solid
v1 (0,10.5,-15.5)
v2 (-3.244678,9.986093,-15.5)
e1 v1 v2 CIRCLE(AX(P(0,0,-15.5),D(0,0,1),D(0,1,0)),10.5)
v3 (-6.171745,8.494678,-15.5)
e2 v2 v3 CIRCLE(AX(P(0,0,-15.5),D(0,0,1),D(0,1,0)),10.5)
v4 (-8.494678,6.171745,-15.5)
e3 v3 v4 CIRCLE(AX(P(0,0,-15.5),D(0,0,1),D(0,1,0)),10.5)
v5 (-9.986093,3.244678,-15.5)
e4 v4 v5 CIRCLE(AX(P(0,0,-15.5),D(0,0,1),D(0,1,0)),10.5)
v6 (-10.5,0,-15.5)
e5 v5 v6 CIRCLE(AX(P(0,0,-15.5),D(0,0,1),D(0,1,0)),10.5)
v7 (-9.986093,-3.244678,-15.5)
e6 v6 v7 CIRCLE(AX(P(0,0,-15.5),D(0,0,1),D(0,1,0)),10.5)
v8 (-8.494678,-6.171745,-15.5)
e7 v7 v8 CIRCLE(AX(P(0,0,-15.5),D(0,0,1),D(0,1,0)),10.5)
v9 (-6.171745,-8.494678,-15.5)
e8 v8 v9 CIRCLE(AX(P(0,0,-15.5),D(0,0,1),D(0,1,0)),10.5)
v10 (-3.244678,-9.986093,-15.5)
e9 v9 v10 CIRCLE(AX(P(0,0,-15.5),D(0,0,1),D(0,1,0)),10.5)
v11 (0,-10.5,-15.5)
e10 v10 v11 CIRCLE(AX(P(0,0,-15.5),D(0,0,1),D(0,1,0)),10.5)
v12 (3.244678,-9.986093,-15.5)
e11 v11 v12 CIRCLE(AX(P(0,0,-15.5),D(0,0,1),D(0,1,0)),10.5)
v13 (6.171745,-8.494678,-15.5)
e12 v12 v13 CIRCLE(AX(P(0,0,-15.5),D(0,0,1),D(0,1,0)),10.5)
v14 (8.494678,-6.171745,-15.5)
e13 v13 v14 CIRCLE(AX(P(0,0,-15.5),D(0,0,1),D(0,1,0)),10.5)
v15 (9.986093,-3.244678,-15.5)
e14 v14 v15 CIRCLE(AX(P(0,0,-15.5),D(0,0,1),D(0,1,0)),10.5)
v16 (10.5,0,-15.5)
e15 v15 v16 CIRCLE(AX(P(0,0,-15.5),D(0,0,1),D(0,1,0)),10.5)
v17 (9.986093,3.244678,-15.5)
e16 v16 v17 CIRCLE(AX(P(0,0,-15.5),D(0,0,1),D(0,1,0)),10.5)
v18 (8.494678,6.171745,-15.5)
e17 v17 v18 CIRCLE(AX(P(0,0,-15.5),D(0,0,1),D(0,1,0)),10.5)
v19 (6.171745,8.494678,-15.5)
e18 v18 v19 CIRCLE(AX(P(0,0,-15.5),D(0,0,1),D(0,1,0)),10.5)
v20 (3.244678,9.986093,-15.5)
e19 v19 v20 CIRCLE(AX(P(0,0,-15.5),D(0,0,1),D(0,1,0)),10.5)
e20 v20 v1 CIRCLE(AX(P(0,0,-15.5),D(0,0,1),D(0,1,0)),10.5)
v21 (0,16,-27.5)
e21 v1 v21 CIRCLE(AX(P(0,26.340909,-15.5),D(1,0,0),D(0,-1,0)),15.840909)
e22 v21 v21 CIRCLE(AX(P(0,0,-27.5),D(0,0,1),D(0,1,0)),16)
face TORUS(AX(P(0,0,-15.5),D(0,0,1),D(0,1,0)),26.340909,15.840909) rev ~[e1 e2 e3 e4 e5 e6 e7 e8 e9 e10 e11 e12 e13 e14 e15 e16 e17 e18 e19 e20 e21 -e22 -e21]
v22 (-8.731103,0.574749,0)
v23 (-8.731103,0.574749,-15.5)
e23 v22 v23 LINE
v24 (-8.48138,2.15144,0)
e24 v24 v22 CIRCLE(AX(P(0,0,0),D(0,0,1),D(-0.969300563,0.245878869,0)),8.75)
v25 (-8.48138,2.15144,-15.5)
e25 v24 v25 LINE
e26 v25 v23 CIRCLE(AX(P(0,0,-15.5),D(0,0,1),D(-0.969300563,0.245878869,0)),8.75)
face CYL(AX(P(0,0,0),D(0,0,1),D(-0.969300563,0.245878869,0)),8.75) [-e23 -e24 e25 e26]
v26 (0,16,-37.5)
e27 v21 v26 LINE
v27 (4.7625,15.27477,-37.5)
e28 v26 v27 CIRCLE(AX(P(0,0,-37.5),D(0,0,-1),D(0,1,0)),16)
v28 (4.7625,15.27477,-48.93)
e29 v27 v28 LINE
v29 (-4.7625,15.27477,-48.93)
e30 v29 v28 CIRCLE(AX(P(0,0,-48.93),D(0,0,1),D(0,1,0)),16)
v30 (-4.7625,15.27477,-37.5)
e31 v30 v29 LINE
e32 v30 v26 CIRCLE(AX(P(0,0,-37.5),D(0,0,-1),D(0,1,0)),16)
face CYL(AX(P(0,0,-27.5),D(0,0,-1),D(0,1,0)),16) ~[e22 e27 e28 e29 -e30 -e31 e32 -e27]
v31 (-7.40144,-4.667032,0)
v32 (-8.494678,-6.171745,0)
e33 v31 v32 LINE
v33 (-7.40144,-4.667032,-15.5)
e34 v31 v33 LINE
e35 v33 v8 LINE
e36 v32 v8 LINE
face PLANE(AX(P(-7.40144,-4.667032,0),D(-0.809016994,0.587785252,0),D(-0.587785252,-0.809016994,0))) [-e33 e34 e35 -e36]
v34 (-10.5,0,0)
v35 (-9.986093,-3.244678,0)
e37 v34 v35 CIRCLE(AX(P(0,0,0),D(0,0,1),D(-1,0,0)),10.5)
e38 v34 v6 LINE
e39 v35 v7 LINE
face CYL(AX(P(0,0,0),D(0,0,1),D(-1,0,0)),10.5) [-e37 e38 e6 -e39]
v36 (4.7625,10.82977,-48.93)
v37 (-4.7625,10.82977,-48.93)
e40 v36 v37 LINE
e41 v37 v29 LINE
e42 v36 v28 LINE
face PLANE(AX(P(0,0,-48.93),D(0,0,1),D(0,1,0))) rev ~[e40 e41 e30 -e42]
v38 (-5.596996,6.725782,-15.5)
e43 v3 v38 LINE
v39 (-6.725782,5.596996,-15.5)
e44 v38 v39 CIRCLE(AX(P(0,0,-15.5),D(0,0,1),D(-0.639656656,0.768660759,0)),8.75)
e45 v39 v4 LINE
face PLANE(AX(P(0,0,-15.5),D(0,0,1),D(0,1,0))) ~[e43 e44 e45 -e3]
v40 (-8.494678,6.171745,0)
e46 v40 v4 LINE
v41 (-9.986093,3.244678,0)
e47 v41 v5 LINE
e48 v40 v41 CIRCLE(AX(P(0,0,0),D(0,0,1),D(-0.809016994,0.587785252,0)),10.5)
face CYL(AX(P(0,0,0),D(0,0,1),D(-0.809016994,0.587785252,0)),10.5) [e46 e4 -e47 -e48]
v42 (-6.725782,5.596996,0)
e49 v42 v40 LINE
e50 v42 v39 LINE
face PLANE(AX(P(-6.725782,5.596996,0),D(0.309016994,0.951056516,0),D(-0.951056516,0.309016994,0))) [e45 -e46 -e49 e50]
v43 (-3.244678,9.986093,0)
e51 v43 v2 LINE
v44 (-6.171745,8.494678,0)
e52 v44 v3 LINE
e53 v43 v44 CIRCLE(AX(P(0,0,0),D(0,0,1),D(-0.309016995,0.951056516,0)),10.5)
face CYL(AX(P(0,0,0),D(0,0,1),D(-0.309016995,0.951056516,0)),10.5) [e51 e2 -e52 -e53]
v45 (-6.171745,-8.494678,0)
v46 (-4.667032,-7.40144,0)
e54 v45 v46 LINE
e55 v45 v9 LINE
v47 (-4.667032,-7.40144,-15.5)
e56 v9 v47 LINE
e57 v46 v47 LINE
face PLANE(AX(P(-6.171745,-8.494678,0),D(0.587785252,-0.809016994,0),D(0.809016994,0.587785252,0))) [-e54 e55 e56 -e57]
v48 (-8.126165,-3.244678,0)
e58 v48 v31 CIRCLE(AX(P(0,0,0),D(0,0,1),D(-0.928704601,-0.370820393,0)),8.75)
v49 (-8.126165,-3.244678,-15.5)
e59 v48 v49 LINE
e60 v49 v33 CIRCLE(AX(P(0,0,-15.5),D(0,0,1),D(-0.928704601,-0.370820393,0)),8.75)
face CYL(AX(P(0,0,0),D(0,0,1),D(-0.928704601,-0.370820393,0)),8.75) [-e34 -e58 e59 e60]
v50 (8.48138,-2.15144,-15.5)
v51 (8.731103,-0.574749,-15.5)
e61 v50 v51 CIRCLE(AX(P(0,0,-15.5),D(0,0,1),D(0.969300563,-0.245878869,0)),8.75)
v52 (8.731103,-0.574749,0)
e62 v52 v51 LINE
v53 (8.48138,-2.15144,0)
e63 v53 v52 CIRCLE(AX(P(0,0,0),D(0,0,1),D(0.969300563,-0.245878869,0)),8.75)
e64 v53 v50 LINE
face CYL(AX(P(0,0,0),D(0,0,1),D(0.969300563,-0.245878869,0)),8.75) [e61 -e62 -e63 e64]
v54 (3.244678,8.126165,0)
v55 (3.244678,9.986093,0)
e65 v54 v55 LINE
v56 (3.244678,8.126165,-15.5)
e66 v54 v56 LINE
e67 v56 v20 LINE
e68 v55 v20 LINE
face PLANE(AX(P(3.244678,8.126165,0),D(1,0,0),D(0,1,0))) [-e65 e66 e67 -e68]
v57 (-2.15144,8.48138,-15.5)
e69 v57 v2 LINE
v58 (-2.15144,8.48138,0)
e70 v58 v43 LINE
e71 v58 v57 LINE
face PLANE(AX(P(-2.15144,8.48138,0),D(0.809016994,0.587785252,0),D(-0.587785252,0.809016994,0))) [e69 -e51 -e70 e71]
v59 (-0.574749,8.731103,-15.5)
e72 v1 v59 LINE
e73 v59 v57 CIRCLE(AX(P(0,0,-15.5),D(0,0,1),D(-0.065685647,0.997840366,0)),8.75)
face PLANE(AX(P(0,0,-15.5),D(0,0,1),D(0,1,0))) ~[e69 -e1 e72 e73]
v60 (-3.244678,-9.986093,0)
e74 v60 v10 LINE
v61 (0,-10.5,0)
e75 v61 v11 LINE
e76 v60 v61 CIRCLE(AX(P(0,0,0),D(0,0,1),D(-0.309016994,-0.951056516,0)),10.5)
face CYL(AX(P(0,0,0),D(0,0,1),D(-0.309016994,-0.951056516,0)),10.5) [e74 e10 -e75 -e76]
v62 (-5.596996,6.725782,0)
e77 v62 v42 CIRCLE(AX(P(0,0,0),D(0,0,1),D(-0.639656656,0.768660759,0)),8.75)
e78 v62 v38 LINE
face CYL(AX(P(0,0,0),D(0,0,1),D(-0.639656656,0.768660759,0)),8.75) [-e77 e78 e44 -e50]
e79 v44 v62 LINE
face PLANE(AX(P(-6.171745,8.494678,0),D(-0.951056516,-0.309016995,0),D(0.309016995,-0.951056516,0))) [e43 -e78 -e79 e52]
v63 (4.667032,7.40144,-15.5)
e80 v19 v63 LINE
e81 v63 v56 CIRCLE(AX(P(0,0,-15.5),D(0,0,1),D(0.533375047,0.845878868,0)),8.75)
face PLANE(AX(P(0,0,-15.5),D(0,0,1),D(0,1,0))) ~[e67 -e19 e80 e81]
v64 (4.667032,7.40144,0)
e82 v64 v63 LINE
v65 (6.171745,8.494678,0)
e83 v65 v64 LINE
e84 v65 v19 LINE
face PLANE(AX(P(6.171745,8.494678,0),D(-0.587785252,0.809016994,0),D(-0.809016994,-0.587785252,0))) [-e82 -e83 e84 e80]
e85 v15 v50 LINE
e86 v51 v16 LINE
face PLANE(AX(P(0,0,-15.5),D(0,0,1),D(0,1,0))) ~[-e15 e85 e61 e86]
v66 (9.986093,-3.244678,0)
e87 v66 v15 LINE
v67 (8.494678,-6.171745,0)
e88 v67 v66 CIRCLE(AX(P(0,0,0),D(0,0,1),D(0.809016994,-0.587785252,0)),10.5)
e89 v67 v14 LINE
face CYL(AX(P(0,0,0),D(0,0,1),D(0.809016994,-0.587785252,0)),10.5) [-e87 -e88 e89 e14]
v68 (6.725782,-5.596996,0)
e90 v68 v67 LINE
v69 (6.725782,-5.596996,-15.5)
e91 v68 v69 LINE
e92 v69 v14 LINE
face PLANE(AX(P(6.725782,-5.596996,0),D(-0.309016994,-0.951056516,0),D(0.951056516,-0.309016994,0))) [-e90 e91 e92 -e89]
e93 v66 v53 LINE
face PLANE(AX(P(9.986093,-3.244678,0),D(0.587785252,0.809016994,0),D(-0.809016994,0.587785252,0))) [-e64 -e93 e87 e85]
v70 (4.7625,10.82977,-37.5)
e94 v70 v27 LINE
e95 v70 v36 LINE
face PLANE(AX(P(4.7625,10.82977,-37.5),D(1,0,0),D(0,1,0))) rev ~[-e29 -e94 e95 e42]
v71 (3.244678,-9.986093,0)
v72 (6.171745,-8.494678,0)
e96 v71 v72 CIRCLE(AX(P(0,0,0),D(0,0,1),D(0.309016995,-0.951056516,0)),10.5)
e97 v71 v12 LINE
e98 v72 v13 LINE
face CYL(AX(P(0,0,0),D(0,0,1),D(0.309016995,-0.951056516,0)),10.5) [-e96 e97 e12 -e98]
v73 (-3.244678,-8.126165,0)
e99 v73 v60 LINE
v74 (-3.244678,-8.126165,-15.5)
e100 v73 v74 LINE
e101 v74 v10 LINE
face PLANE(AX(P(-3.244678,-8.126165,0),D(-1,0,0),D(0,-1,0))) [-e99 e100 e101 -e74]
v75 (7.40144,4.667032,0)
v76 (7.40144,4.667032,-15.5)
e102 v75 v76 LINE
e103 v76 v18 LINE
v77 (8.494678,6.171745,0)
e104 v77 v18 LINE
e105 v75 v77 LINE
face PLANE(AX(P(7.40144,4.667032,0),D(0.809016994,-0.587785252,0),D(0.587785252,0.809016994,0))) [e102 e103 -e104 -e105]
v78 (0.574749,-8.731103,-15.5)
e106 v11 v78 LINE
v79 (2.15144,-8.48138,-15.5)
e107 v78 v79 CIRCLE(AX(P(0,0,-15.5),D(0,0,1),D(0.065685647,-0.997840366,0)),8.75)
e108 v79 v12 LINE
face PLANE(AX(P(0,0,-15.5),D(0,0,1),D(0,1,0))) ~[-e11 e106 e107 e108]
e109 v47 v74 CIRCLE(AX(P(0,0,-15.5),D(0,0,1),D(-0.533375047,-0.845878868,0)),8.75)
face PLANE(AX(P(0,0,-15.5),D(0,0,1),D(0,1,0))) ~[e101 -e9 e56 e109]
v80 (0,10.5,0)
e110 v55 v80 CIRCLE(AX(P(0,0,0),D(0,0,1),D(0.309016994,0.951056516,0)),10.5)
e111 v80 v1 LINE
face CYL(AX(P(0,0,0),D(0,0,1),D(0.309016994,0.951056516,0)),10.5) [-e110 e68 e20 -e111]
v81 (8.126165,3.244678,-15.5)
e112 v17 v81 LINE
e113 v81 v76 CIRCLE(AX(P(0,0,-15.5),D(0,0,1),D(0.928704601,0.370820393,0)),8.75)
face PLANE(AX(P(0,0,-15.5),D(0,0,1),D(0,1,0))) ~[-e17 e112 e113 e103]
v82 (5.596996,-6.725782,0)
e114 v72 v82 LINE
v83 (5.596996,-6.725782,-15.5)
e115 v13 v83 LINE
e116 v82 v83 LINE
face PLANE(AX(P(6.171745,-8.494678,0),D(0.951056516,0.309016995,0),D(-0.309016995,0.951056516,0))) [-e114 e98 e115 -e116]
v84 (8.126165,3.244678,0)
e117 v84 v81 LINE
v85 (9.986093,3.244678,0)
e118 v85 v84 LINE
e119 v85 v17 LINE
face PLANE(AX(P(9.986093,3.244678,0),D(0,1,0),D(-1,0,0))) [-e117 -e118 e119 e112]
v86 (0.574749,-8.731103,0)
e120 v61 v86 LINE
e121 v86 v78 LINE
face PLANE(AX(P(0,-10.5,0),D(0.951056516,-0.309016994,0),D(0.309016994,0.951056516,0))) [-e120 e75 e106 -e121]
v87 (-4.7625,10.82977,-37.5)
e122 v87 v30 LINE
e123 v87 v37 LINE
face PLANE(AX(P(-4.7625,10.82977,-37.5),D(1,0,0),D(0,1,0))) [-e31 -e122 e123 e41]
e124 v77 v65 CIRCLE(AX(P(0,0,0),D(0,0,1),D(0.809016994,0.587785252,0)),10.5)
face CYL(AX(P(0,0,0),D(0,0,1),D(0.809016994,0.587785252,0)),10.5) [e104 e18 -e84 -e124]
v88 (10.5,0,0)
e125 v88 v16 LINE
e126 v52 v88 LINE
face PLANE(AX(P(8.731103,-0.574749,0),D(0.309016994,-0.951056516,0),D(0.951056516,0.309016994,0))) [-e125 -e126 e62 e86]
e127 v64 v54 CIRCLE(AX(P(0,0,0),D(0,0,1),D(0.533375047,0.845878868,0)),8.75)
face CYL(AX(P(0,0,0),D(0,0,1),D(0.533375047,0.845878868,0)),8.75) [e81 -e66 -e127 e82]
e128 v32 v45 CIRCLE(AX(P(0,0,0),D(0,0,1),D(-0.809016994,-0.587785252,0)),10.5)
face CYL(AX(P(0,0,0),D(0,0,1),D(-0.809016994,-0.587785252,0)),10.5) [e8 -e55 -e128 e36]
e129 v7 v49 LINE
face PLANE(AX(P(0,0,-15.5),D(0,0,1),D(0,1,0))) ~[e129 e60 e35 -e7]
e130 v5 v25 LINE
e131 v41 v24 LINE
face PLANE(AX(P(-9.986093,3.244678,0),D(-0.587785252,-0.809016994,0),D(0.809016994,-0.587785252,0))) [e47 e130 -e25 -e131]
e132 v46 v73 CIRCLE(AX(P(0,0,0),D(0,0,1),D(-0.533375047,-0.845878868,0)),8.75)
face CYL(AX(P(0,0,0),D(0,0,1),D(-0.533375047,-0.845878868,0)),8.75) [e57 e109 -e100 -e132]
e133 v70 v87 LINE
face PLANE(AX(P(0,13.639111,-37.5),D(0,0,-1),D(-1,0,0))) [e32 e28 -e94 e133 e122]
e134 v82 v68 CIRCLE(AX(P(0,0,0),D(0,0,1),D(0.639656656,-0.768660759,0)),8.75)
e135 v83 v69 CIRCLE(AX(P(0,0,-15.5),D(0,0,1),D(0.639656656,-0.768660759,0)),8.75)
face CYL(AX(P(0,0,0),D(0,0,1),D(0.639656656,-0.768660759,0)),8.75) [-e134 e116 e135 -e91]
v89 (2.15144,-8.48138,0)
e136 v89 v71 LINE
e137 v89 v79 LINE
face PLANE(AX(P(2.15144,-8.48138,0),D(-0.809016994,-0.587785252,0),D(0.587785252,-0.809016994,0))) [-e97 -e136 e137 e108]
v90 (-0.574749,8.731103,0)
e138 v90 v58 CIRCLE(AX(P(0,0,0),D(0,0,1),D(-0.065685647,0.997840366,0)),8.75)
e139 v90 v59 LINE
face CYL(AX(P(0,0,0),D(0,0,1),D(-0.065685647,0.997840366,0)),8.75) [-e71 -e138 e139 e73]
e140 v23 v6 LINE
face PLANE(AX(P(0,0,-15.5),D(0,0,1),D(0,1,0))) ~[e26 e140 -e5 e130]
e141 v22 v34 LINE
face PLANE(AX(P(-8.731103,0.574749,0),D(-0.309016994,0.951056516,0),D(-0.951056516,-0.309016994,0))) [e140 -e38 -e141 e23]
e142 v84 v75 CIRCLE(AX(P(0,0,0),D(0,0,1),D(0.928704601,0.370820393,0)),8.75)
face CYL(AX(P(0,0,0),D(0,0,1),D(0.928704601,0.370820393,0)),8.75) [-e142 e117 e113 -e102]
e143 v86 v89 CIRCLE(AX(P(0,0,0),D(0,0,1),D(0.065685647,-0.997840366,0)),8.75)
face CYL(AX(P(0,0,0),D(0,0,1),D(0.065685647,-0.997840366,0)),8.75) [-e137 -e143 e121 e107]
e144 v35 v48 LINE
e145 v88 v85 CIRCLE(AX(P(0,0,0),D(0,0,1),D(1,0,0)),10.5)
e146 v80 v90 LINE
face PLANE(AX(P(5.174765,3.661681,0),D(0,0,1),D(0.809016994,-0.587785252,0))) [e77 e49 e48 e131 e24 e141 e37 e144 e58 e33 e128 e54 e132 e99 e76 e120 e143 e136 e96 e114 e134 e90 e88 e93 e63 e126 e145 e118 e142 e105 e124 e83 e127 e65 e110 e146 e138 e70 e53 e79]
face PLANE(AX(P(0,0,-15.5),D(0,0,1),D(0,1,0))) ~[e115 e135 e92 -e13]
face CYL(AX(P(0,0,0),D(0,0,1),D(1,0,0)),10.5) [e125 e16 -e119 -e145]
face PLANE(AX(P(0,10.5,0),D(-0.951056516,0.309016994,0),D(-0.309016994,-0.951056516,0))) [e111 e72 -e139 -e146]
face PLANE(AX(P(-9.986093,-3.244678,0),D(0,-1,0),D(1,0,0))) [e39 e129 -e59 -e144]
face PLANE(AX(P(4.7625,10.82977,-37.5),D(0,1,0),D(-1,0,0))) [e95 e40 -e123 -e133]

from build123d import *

# Parameters (mm, degrees)
BOSS_EXTRUDE1_DEPTH = 20
CIRPATTERN1_COUNT   = 10
CUT_EXTRUDE1_START  = -11.43
SKETCH3_W           = 9.525
SKETCH3_H           = 5.618681597
CUT_EXTRUDE1_DEPTH  = 11.43


with BuildPart() as part:
    # Sketch1 → Boss-Extrude1 (new body)
    with BuildSketch(Plane.XY):
        with BuildLine():
            Line((0, 10.5), (0, 0))
            Line((0, 0), (6.171745149, 8.494678441))
            Line((6.171745149, 8.494678441), (4.667031658, 7.401440097))
            ThreePointArc((4.667031658, 7.401440097), (3.972416873, 7.796307087), (3.244678441, 8.126165259))
            Line((3.244678441, 8.126165259), (3.244678441, 9.986093421))
            ThreePointArc((3.244678441, 9.986093421), (1.642561883, 10.370727576), (0, 10.5))
        make_face()
    boss_extrude1 = extrude(amount=-BOSS_EXTRUDE1_DEPTH)

    # CirPattern1: Boss-Extrude1 ×10 about axis
    cirpattern1_axis = Axis((0, 0, 0), (0, 0, 1))
    for i in range(1, CIRPATTERN1_COUNT):
        add(boss_extrude1.rotate(cirpattern1_axis, i * 360 / CIRPATTERN1_COUNT))

    # Sketch2 → Revolve1 (revolve)
    with BuildSketch(Plane(origin=(0, 0, 0), x_dir=(0, 0, -1), z_dir=(1, 0, 0))):
        with BuildLine():
            Line((2.355087252, 0), (2.355087252, 8.6))
            Line((2.355087252, 8.6), (15.5, 8.6))
            Line((15.5, 8.6), (15.5, 10.5))
            ThreePointArc((15.5, 10.5), (22.100189391, 11.940495874), (27.5, 16))
            Line((27.5, 16), (48.93, 16))
            Line((48.93, 16), (48.93, 0))
            Line((48.93, 0), (2.355087252, 0))
        make_face()
    revolve(axis=Axis((0, 0, -48.93), (0, 0, 1)))

    # Sketch3 → Cut-Extrude1 (cut)
    with BuildSketch(Plane(origin=(0, 0, -48.93), x_dir=(-1, 0, 0), z_dir=(0, 0, -1)).offset(CUT_EXTRUDE1_START)):
        with Locations((0, 13.639110642)):
            Rectangle(SKETCH3_W, SKETCH3_H)
    extrude(amount=CUT_EXTRUDE1_DEPTH, mode=Mode.SUBTRACT)


solid = part.part
